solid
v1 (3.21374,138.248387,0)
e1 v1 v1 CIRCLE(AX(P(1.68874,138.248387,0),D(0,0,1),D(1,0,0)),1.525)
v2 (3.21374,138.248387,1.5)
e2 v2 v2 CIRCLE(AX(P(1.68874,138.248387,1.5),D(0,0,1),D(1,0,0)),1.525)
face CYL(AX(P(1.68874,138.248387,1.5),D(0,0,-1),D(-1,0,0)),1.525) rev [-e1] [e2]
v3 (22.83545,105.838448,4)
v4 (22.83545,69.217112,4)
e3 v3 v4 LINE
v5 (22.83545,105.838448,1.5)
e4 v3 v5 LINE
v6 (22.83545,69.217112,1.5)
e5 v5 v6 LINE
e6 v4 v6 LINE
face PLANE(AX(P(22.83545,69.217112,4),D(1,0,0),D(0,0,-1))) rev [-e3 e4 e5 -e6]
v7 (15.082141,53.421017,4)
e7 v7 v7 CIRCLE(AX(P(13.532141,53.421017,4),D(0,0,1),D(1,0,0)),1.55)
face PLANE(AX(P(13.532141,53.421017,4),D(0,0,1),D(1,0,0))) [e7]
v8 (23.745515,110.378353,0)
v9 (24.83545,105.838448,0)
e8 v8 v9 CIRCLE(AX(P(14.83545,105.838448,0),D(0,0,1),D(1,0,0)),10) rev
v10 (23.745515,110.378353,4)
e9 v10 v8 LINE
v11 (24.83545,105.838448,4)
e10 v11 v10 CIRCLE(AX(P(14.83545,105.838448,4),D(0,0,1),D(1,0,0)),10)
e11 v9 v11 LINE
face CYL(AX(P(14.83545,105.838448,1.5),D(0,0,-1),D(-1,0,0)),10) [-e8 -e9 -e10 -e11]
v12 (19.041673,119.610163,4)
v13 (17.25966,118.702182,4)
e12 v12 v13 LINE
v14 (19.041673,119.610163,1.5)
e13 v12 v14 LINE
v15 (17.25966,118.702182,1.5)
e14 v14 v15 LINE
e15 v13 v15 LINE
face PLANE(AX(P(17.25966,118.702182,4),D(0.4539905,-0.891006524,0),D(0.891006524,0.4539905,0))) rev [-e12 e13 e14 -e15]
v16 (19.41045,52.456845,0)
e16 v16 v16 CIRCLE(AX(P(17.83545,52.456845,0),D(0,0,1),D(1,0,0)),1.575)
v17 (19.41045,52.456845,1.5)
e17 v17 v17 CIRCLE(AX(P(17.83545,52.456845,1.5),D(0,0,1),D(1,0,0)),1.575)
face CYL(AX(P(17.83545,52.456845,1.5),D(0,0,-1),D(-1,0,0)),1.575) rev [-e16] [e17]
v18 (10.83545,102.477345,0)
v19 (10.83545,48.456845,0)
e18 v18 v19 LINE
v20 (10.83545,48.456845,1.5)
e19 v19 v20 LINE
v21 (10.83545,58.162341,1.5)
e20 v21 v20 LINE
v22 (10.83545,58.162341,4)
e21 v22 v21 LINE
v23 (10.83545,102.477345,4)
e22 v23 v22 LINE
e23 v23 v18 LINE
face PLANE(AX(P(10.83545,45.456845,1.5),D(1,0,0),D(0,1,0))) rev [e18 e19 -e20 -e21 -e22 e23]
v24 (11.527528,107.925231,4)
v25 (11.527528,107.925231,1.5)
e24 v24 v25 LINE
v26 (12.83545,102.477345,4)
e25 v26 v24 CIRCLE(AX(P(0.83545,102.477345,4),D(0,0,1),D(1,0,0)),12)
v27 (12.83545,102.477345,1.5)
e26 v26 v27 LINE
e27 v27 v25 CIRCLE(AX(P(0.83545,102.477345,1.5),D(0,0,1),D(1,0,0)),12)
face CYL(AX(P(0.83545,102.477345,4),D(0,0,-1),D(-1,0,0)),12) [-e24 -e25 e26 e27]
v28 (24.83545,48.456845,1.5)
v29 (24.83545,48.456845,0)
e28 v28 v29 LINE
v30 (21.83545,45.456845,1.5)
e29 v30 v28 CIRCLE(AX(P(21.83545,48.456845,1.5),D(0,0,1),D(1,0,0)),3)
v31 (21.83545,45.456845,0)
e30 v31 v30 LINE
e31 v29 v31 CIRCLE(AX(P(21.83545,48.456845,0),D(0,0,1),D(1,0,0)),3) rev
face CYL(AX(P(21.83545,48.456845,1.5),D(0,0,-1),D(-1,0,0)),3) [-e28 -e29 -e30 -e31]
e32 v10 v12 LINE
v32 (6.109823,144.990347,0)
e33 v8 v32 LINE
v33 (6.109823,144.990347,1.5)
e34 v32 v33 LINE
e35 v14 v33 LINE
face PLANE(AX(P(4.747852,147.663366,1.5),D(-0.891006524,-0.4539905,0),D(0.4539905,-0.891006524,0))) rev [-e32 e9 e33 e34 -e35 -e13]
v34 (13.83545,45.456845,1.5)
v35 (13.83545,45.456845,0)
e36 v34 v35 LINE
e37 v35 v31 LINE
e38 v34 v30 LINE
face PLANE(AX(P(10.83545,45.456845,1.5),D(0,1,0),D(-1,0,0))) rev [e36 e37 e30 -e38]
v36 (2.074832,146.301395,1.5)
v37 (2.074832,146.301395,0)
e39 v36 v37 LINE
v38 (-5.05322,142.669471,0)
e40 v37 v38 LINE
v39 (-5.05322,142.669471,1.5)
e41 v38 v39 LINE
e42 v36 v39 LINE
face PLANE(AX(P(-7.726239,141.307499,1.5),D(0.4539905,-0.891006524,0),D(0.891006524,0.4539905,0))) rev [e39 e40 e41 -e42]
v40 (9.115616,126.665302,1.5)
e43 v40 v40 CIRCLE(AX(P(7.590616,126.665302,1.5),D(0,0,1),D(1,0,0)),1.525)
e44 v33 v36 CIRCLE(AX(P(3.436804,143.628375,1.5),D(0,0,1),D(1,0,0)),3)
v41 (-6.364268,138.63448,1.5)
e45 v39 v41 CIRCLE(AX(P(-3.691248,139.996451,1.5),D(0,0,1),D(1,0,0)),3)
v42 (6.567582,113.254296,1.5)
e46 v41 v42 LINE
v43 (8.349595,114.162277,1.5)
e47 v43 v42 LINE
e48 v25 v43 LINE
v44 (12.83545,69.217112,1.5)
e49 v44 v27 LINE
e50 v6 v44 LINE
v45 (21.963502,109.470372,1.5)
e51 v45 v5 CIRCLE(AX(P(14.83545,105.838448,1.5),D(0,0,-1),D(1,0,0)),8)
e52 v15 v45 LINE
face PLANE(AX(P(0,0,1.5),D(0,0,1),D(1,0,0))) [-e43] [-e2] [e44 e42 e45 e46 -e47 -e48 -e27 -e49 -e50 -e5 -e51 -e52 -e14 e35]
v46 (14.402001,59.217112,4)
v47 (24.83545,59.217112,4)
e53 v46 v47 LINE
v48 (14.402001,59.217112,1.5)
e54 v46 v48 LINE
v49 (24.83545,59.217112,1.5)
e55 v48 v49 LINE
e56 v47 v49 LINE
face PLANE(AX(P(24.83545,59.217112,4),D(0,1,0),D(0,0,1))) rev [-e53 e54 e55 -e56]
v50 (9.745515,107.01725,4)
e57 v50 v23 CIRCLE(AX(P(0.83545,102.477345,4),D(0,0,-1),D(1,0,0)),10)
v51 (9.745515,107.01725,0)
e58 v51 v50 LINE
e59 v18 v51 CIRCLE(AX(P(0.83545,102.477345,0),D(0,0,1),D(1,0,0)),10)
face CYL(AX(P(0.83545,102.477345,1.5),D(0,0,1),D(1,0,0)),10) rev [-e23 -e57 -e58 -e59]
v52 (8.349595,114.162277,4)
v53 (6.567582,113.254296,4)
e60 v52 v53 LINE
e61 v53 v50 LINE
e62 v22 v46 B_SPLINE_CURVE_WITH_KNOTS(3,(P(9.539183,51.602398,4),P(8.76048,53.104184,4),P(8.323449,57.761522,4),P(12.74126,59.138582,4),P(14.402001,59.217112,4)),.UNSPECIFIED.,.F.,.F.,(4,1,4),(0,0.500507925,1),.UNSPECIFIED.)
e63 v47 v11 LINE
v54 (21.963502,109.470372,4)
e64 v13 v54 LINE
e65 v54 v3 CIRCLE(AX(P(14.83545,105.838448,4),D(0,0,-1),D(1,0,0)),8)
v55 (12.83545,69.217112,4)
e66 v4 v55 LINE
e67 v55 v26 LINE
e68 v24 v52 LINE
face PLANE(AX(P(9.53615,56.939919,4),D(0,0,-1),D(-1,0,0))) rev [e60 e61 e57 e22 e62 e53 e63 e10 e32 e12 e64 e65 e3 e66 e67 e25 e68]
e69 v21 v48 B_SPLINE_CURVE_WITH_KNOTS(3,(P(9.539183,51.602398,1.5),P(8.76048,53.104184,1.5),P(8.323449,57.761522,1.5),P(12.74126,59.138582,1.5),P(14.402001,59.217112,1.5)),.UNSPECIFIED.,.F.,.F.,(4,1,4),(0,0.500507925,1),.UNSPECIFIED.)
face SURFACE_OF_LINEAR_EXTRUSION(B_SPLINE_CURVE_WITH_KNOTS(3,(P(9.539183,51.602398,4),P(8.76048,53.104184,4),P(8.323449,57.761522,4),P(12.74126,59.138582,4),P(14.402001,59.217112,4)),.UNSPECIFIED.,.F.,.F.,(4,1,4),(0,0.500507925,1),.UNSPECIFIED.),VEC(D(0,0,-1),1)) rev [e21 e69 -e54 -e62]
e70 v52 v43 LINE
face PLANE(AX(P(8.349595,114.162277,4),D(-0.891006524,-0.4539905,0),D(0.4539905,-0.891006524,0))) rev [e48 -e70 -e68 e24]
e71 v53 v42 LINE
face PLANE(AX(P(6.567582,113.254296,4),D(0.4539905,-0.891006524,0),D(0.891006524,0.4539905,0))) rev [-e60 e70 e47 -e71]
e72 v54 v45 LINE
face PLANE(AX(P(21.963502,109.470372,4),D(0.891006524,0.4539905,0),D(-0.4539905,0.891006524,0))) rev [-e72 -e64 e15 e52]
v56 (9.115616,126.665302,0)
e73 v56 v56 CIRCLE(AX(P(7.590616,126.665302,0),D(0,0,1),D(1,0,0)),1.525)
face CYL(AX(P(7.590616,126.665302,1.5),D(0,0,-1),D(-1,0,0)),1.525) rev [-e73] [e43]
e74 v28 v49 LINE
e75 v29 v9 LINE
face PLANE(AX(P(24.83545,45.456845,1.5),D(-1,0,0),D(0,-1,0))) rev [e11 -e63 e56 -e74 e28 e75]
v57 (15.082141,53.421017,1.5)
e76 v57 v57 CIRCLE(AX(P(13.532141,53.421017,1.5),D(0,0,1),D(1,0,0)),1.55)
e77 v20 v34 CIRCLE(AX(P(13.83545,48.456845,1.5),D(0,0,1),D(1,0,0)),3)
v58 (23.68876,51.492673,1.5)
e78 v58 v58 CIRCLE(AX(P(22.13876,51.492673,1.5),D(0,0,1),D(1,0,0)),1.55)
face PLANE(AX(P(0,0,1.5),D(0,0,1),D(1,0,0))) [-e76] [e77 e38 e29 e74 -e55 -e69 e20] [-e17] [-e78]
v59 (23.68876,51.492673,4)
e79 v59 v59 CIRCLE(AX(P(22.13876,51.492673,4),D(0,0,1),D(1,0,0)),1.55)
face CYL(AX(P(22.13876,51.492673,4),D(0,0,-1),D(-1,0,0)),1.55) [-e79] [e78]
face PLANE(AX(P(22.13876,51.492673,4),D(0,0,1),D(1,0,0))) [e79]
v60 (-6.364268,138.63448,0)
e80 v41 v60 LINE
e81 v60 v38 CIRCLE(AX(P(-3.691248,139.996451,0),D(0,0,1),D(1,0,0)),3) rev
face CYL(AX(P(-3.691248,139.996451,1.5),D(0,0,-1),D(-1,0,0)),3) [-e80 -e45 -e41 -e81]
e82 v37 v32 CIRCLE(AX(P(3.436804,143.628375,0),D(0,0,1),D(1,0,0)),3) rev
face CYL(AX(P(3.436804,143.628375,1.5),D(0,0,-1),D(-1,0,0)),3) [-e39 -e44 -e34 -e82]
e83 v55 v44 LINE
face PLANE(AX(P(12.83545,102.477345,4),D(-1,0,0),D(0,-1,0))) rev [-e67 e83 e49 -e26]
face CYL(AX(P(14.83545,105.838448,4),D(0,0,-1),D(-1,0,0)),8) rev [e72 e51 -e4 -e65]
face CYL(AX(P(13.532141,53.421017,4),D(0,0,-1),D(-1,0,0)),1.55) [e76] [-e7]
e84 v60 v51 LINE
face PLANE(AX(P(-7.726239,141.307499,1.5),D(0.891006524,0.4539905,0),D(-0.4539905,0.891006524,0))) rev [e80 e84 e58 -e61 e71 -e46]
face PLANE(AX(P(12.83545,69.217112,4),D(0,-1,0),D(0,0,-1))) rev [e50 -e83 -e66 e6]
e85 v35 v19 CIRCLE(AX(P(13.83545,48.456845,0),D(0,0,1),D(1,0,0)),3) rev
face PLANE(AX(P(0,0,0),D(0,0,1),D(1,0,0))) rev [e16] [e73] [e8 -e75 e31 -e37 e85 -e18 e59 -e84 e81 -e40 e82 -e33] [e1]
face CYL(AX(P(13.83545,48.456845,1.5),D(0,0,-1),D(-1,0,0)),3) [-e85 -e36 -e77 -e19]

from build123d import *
from OCP.BRepFilletAPI import BRepFilletAPI_MakeFillet

# Parameters (mm, degrees)
SCHIZZO2_R                   = 1.575
SCHIZZO2_R_2                 = 1.525
ESTRUSIONE_ESTRUSIONE1_DEPTH = 1.5
RACCORDO1_R1                 = 3
RACCORDO1_R2                 = 10
ESTRUSIONE_ESTRUSIONE2_START = -1.5
SCHIZZO4_R                   = 1.55
ESTRUSIONE_ESTRUSIONE2_DEPTH = 2.5
ESTRUSIONE_ESTRUSIONE3_START = 2.5
ESTRUSIONE_ESTRUSIONE3_DEPTH = 2.5


with BuildPart() as part:
    # Schizzo2 → Estrusione-Estrusione1 (new body)
    with BuildSketch(Plane.XY):
        Polygon((10.835450111, 45.456844872), (10.835450111, 104.878132603), (-7.726239407, 141.30749945), (4.747851932, 147.663366447), (24.835450111, 108.23923523), (24.835450111, 45.456844872), align=None)
        with Locations((17.835450111, 52.456844872)):
            Circle(SCHIZZO2_R, mode=Mode.SUBTRACT)
        with Locations((1.688739761, 138.248387279)):
            Circle(SCHIZZO2_R_2, mode=Mode.SUBTRACT)
        with Locations((7.590616257, 126.665302465)):
            Circle(SCHIZZO2_R_2, mode=Mode.SUBTRACT)
    extrude(amount=ESTRUSIONE_ESTRUSIONE1_DEPTH)

    # Raccordo1: one fillet with a radius per group of edges: ONE call of the kernel's fillet builder (fillet() takes one radius for all edges)
    raccordo1_edges_1 = [part.edges().sort_by_distance(p)[0] for p in [
        (4.747851932, 147.663366447, 0.75),
        (-7.726239407, 141.30749945, 0.75),
        (10.835450111, 45.456844872, 0.75),
        (24.835450111, 45.456844872, 0.75),
    ]]
    raccordo1_edges_2 = [part.edges().sort_by_distance(p)[0] for p in [
        (24.835450111, 108.23923523, 0.75),
        (10.835450111, 104.878132603, 0.75),
    ]]
    raccordo1 = BRepFilletAPI_MakeFillet(part.part.solid().wrapped)
    for e in raccordo1_edges_1:
        raccordo1.Add(RACCORDO1_R1, e.wrapped)
    for e in raccordo1_edges_2:
        raccordo1.Add(RACCORDO1_R2, e.wrapped)
    add(Compound.cast(raccordo1.Shape()), mode=Mode.REPLACE)

    # Schizzo4 → Estrusione-Estrusione2 (add)
    with BuildSketch(Plane(origin=(0, 0, 0), x_dir=(-1, 0, 0), z_dir=(0, 0, -1)).offset(ESTRUSIONE_ESTRUSIONE2_START)):
        with Locations(Location((-13.532140626, 53.421016786, 0), (0, 0, 180))):
            Circle(SCHIZZO4_R)
        with Locations(Location((-22.138759596, 51.492672958, 0), (0, 0, 180))):
            Circle(SCHIZZO4_R)
    extrude(amount=-ESTRUSIONE_ESTRUSIONE2_DEPTH)

    # Schizzo5 → Estrusione-Estrusione3 (add)
    with BuildSketch(Plane.XY.offset(1.5).offset(ESTRUSIONE_ESTRUSIONE3_START)):
        with BuildLine():
            Line((24.835450111, 59.217112451), (14.402001203, 59.217112451))
            add(Edge.make_bspline(
                [(14.402001203, 59.217112451), (13.28177849, 59.164141407), (11.913165696, 58.833942628), (10.835450111, 58.162340852)],
                knots=[0, 0, 0, 0, 0.33692331, 0.33692331, 0.33692331, 0.33692331], degree=3))
            Line((10.835450111, 58.162340852), (10.835450111, 102.477345012))
            ThreePointArc((10.835450111, 102.477345012), (10.559149315, 104.811798651), (9.745515353, 107.01725001))
            Line((9.745515353, 107.01725001), (6.567581855, 113.254295679))
            Line((6.567581855, 113.254295679), (8.349594903, 114.162276678))
            Line((8.349594903, 114.162276678), (11.527528401, 107.925231009))
            ThreePointArc((11.527528401, 107.925231009), (12.503889156, 105.278689378), (12.835450111, 102.477345012))
            Line((12.835450111, 102.477345012), (12.835450111, 69.217112451))
            Line((12.835450111, 69.217112451), (22.835450111, 69.217112451))
            Line((22.835450111, 69.217112451), (22.835450111, 105.838447639))
            ThreePointArc((22.835450111, 105.838447639), (22.614409474, 107.70601055), (21.963502304, 109.470371637))
            Line((21.963502304, 109.470371637), (17.259660145, 118.702181676))
            Line((17.259660145, 118.702181676), (19.041673193, 119.610162675))
            Line((19.041673193, 119.610162675), (23.745515353, 110.378352637))
            ThreePointArc((23.745515353, 110.378352637), (24.559149315, 108.172901278), (24.835450111, 105.838447639))
            Line((24.835450111, 105.838447639), (24.835450111, 59.217112451))
        make_face()
    extrude(amount=-ESTRUSIONE_ESTRUSIONE3_DEPTH)


solid = part.part
